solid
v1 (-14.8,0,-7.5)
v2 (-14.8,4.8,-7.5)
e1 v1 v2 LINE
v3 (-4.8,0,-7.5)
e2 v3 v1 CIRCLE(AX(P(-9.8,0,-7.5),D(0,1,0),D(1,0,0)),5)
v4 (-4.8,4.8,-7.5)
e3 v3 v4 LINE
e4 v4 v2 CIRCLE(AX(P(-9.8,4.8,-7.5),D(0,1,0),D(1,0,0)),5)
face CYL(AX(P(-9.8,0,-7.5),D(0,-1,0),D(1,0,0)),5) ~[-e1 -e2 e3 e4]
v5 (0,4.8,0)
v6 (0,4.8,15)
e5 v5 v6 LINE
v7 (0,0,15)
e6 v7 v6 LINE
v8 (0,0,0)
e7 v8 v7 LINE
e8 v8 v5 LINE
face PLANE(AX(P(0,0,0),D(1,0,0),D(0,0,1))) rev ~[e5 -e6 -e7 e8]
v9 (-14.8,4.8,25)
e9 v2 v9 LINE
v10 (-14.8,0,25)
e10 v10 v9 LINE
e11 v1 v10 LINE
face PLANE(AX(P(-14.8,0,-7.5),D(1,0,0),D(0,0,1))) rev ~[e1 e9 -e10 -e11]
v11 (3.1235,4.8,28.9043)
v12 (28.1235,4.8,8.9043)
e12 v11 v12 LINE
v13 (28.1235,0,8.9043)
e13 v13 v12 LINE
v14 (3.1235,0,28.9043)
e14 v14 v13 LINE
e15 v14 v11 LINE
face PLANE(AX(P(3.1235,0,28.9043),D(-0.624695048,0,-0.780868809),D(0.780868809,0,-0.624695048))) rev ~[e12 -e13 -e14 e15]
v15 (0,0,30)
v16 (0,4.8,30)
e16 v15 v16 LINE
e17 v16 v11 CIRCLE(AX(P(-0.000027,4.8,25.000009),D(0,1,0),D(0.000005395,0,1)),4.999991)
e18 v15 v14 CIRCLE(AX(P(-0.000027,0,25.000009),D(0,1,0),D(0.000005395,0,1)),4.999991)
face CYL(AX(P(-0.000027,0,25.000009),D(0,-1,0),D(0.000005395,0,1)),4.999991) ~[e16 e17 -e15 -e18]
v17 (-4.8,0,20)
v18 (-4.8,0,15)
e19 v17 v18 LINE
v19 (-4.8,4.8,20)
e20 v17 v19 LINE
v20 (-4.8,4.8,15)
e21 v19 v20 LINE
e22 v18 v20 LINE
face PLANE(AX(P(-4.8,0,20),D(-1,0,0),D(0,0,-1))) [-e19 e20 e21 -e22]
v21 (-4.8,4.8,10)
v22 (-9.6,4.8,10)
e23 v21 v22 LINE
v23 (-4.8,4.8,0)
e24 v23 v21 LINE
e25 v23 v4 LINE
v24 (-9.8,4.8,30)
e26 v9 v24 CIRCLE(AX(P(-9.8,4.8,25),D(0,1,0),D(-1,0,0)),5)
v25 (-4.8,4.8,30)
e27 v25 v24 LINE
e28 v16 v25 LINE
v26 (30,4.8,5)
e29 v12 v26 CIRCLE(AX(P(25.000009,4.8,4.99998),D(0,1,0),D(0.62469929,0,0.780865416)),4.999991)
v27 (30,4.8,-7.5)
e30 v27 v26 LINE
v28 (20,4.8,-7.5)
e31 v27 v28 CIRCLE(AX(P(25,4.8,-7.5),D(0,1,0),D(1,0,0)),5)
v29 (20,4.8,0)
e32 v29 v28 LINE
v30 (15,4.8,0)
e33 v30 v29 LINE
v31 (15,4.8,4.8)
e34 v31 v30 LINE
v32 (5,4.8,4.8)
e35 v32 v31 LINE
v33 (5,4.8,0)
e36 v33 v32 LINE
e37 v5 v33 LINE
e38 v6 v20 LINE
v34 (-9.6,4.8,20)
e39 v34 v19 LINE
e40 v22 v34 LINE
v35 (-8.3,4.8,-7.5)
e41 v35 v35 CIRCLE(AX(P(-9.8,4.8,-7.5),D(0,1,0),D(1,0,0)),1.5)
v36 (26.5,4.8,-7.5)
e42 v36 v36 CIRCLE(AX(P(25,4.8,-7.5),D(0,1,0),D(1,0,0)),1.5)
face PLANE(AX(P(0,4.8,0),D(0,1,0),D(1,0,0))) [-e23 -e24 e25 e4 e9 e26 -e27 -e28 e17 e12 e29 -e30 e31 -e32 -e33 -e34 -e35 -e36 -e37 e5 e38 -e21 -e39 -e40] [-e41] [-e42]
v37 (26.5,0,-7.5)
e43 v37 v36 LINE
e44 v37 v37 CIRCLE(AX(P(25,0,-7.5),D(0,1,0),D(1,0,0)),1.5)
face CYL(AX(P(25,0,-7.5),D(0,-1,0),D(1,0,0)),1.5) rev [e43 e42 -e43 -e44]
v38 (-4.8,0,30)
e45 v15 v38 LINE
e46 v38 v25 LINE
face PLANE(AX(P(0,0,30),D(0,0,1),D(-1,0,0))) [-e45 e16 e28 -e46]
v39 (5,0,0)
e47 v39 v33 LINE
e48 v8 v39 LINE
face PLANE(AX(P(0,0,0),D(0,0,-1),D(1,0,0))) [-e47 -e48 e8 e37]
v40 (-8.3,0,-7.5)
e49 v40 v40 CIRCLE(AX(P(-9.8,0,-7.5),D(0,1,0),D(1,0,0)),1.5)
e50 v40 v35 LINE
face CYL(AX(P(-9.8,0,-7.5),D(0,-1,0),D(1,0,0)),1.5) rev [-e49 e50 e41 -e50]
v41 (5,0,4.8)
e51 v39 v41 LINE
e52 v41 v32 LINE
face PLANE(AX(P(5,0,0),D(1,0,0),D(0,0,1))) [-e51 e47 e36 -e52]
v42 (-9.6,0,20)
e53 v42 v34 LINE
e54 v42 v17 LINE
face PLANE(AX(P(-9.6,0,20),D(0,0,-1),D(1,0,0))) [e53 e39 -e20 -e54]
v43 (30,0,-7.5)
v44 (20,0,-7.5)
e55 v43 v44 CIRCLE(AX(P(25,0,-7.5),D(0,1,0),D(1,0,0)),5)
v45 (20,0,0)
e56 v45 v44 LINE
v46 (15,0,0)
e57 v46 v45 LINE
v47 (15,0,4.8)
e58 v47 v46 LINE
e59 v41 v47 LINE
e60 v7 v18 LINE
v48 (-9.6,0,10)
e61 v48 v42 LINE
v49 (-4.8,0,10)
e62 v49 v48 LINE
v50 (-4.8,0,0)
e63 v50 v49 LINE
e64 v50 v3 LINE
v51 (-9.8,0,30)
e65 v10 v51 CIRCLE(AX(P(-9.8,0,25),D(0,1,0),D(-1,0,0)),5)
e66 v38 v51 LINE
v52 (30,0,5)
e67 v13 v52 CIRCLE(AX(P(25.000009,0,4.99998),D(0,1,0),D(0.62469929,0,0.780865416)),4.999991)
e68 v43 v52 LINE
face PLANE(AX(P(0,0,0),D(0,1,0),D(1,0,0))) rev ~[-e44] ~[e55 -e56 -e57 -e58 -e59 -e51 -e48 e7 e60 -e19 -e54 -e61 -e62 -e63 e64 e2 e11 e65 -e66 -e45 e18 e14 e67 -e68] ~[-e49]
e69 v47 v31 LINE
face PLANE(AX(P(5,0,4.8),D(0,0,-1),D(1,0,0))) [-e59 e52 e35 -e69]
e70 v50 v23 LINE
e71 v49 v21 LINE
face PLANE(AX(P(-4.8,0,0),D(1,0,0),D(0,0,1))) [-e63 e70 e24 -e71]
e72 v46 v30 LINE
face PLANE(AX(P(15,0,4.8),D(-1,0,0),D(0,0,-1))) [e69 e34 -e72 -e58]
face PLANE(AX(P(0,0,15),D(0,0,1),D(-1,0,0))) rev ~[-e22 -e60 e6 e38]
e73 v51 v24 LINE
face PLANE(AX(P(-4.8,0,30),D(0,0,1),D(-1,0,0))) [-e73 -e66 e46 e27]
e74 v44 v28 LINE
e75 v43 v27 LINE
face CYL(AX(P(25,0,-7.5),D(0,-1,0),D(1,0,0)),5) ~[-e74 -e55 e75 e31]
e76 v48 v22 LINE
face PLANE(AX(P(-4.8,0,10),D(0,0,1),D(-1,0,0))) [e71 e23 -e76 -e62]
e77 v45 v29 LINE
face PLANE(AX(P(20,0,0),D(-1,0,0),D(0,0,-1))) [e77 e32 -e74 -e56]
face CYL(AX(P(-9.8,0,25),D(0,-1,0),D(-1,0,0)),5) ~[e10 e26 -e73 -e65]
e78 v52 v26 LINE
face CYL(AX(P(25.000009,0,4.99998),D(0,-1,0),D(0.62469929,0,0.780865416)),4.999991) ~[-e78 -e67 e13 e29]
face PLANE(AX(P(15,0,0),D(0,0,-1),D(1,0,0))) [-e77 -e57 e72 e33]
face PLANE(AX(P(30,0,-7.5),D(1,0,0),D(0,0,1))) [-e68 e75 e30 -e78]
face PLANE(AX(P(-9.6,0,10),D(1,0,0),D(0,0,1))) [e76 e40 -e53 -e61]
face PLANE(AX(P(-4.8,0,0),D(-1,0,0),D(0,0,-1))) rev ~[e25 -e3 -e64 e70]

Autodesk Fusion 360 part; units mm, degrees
sketch "Sketch1" plane through (0, 0, 0) normal (0, 1, 0) x (1, 0, 0)
  line L0 (-4.8, 0) -> (-4.8, -10)
  line L1 (0, 0) -> (0, -15)
  line L2 (0, -15) -> (-4.8, -15)
  line L3 (0, 0) -> (-4.8, 0) construction
  line L4 (-4.8, 0) -> (-4.8, 7.5)
  line L5 (0, -30) -> (-4.8, -30)
  line L6 (0, -15) -> (0, -30) construction
  line L7 (-4.8, -15) -> (-4.8, -30) construction
  line L8 (-4.8, -30) -> (-9.8, -30)
  line L9 (-14.8, 7.5) -> (-14.8, -25)
  arc A0 (-9.8, -30) -> (-14.8, -25) centre (-9.8, -25) ccw construction
  arc A1 (-14.8, -25) -> (-9.8, -30) centre (-9.8, -25) ccw
  arc A2 (-14.8, 7.5) -> (-4.8, 7.5) centre (-9.8, 7.5) ccw construction
  arc A3 (-4.8, 7.5) -> (-14.8, 7.5) centre (-9.8, 7.5) ccw
  circle A4 centre (-9.8, 7.5) radius 1.5
  line L10 (0, 0) -> (5, 0)
  line L11 (5, 0) -> (5, -4.8)
  line L12 (5, -4.8) -> (15, -4.8)
  line L13 (15, -4.8) -> (15, 0)
  line L14 (15, 0) -> (20, 0)
  line L15 (20, 0) -> (20, 7.5)
  line L16 (30, 7.5) -> (30, -5)
  line L17 (3.1235, -28.9043) -> (28.1235, -8.9043)
  arc A5 (3.1235, -28.9043) -> (0, -30) centre (0, -25) ccw construction
  arc A6 (0, -30) -> (3.1235, -28.9043) centre (0, -25) ccw
  arc A7 (30, -5) -> (28.1235, -8.9043) centre (25, -5) ccw construction
  arc A8 (28.1235, -8.9043) -> (30, -5) centre (25, -5) ccw
  arc A9 (20, 7.5) -> (30, 7.5) centre (25, 7.5) ccw construction
  arc A10 (30, 7.5) -> (20, 7.5) centre (25, 7.5) ccw
  circle A11 centre (25, 7.5) radius 1.5
  line L18 (-4.8, -10) -> (-9.6, -10)
  line L19 (-9.6, -10) -> (-9.6, -20)
  line L20 (-9.6, -20) -> (-4.8, -20)
  line L21 (-4.8, -20) -> (-4.8, -15)
  line L22 (-9.8, 7.5) -> (-9.8, -25) construction
  line L23 (-4.8, 7.5) -> (20, 7.5) construction
  dimension "d1" = 15
  dimension "d3" = 4.8
  dimension "d4" = 7.5
  dimension "d5" = 4.8
  dimension "d6" = 15
  dimension "d7" = 10
  dimension "d8" = 10
  dimension "d9" = 3
  dimension "d10" = 5
  dimension "d11" = 4.8
  dimension "d12" = 10
  dimension "d13" = 4.8
  dimension "d14" = 5
  dimension "d16" = 10
  dimension "d17" = 10
  dimension "d18" = 5
  dimension "d19" = 5
  dimension "d20" = 5
  dimension "d21" = 3
  dimension "d22" = 4.8
  dimension "d23" = 10
  dimension "d24" = 5
extrude "Extrude1" add sketch "Sketch1" along normal blind 4.8
